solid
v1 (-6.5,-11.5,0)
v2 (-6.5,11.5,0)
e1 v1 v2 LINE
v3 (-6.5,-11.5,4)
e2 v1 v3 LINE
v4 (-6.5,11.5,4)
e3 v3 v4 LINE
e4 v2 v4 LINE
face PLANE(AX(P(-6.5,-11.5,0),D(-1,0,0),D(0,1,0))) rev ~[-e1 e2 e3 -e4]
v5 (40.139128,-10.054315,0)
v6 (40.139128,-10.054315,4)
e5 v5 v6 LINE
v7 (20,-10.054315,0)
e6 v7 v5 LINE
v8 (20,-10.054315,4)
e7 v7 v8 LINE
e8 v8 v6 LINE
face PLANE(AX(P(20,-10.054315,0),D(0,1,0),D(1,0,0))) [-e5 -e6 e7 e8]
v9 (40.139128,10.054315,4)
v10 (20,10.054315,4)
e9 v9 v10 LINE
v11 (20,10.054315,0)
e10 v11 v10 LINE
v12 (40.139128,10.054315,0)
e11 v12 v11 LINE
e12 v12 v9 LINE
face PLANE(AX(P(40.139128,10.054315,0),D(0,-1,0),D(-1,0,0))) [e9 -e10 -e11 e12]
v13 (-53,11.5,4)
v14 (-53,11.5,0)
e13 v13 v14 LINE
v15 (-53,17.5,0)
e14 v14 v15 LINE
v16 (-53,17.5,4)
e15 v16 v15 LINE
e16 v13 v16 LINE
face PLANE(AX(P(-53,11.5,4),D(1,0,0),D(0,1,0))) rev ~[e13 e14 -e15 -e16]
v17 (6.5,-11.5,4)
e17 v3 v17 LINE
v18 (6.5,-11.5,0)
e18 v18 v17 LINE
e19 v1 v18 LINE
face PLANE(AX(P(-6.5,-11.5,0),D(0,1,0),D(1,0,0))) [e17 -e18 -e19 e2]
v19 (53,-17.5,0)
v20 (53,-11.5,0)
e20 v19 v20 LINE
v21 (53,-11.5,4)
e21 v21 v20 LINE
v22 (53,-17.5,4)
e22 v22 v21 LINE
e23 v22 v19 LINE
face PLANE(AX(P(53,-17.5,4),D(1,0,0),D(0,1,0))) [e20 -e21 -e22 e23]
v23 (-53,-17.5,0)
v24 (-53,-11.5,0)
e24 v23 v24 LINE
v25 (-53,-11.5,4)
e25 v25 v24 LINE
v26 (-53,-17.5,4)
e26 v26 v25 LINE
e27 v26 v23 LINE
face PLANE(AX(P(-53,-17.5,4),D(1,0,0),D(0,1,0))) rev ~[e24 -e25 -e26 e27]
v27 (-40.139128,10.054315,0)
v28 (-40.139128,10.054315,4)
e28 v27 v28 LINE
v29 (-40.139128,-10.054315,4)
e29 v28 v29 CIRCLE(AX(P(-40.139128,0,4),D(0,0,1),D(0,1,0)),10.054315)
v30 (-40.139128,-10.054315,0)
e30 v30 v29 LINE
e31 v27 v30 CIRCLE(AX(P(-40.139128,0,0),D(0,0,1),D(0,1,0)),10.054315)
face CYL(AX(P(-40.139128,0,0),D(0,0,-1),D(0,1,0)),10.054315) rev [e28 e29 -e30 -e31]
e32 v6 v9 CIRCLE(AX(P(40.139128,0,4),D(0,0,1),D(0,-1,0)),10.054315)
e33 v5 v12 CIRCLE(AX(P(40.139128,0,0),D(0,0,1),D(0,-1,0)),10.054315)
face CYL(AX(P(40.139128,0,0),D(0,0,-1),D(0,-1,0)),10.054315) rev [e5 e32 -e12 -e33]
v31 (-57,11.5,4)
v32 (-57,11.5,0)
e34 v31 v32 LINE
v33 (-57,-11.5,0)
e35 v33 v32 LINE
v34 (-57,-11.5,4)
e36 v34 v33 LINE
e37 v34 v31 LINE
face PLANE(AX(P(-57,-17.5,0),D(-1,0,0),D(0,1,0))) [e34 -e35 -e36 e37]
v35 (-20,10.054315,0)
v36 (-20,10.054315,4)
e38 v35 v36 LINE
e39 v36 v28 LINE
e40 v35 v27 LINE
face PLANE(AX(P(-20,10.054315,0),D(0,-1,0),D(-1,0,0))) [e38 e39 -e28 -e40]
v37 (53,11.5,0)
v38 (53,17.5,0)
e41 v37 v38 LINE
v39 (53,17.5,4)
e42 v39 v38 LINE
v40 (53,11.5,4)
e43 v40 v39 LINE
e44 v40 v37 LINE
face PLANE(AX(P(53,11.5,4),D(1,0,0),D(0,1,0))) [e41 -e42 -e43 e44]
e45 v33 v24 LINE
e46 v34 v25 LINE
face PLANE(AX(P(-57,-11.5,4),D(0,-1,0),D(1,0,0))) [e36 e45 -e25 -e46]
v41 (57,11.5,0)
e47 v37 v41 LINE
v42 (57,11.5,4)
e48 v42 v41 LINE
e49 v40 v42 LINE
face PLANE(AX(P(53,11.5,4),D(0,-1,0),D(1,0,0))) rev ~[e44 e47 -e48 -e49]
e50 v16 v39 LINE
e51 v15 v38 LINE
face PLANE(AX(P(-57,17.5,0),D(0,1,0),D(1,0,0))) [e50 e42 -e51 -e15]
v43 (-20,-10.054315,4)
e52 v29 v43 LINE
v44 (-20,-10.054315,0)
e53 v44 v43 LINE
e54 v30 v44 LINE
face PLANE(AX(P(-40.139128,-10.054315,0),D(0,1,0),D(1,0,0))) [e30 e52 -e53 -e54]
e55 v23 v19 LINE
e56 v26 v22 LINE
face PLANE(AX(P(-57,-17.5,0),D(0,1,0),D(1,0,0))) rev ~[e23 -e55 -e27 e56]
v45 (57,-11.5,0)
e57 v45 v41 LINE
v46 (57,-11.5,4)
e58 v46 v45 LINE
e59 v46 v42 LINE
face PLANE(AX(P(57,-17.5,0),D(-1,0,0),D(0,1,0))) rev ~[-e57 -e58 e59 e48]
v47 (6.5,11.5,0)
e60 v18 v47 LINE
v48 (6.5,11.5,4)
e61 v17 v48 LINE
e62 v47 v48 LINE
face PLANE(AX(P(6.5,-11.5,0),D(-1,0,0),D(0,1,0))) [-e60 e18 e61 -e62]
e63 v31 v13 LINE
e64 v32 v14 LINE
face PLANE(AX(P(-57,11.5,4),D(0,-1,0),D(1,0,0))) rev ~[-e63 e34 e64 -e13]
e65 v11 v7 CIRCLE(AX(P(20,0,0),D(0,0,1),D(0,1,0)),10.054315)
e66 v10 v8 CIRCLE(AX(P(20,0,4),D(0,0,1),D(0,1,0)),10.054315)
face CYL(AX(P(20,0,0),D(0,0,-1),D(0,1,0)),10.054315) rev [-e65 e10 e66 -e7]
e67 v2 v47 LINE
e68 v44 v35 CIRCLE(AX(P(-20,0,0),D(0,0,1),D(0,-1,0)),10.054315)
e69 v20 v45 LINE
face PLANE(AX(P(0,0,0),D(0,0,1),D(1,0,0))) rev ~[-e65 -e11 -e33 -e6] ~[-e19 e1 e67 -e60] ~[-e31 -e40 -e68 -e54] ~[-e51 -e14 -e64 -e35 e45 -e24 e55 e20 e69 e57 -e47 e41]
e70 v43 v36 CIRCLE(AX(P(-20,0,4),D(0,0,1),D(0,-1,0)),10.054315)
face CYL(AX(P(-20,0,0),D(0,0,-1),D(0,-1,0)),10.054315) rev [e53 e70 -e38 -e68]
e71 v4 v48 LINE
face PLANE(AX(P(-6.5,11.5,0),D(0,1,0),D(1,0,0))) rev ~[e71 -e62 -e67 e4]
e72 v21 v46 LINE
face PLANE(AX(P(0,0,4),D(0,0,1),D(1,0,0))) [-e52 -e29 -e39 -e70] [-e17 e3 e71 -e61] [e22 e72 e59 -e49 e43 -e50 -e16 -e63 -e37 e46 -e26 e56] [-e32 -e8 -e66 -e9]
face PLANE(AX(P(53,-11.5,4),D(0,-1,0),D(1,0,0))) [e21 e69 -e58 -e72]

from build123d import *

# Parameters (mm, degrees)
SKETCH_W     = 114
SKETCH_H     = 35
SKETCH_W_2   = 13
SKETCH_H_2   = 23
PAD_DEPTH    = 4
SKETCH001_W  = 4
SKETCH001_H  = 6
POCKET_DEPTH = 5


with BuildPart() as part:
    # Sketch → Pad (new body)
    with BuildSketch(Plane.XY):
        Rectangle(SKETCH_W, SKETCH_H)
        Rectangle(SKETCH_W_2, SKETCH_H_2, mode=Mode.SUBTRACT)
        with BuildLine():
            ThreePointArc((-40.139128, 10.054315), (-50.193443, 0), (-40.139128, -10.054315))
            Line((-40.139128, -10.054315), (-20, -10.054315))
            ThreePointArc((-20, -10.054315), (-9.945685, 0), (-20, 10.054315))
            Line((-20, 10.054315), (-40.139128, 10.054315))
        make_face(mode=Mode.SUBTRACT)
        with BuildLine():
            ThreePointArc((20, 10.054315), (9.945685, 0), (20, -10.054315))
            Line((20, -10.054315), (40.139128, -10.054315))
            ThreePointArc((40.139128, -10.054315), (50.193443, 0), (40.139128, 10.054315))
            Line((40.139128, 10.054315), (20, 10.054315))
        make_face(mode=Mode.SUBTRACT)
    extrude(amount=PAD_DEPTH)

    # Sketch001 (on Face18 of Pad) → Pocket (cut)
    with BuildSketch(Plane.XY.offset(4)):
        with Locations((-55, 14.5)):
            Rectangle(SKETCH001_W, SKETCH001_H)
        with Locations((-55, -14.5)):
            Rectangle(SKETCH001_W, SKETCH001_H)
        with Locations((55, -14.5)):
            Rectangle(SKETCH001_W, SKETCH001_H)
        with Locations((55, 14.5)):
            Rectangle(SKETCH001_W, SKETCH001_H)
    extrude(amount=-POCKET_DEPTH, mode=Mode.SUBTRACT)


solid = part.part
